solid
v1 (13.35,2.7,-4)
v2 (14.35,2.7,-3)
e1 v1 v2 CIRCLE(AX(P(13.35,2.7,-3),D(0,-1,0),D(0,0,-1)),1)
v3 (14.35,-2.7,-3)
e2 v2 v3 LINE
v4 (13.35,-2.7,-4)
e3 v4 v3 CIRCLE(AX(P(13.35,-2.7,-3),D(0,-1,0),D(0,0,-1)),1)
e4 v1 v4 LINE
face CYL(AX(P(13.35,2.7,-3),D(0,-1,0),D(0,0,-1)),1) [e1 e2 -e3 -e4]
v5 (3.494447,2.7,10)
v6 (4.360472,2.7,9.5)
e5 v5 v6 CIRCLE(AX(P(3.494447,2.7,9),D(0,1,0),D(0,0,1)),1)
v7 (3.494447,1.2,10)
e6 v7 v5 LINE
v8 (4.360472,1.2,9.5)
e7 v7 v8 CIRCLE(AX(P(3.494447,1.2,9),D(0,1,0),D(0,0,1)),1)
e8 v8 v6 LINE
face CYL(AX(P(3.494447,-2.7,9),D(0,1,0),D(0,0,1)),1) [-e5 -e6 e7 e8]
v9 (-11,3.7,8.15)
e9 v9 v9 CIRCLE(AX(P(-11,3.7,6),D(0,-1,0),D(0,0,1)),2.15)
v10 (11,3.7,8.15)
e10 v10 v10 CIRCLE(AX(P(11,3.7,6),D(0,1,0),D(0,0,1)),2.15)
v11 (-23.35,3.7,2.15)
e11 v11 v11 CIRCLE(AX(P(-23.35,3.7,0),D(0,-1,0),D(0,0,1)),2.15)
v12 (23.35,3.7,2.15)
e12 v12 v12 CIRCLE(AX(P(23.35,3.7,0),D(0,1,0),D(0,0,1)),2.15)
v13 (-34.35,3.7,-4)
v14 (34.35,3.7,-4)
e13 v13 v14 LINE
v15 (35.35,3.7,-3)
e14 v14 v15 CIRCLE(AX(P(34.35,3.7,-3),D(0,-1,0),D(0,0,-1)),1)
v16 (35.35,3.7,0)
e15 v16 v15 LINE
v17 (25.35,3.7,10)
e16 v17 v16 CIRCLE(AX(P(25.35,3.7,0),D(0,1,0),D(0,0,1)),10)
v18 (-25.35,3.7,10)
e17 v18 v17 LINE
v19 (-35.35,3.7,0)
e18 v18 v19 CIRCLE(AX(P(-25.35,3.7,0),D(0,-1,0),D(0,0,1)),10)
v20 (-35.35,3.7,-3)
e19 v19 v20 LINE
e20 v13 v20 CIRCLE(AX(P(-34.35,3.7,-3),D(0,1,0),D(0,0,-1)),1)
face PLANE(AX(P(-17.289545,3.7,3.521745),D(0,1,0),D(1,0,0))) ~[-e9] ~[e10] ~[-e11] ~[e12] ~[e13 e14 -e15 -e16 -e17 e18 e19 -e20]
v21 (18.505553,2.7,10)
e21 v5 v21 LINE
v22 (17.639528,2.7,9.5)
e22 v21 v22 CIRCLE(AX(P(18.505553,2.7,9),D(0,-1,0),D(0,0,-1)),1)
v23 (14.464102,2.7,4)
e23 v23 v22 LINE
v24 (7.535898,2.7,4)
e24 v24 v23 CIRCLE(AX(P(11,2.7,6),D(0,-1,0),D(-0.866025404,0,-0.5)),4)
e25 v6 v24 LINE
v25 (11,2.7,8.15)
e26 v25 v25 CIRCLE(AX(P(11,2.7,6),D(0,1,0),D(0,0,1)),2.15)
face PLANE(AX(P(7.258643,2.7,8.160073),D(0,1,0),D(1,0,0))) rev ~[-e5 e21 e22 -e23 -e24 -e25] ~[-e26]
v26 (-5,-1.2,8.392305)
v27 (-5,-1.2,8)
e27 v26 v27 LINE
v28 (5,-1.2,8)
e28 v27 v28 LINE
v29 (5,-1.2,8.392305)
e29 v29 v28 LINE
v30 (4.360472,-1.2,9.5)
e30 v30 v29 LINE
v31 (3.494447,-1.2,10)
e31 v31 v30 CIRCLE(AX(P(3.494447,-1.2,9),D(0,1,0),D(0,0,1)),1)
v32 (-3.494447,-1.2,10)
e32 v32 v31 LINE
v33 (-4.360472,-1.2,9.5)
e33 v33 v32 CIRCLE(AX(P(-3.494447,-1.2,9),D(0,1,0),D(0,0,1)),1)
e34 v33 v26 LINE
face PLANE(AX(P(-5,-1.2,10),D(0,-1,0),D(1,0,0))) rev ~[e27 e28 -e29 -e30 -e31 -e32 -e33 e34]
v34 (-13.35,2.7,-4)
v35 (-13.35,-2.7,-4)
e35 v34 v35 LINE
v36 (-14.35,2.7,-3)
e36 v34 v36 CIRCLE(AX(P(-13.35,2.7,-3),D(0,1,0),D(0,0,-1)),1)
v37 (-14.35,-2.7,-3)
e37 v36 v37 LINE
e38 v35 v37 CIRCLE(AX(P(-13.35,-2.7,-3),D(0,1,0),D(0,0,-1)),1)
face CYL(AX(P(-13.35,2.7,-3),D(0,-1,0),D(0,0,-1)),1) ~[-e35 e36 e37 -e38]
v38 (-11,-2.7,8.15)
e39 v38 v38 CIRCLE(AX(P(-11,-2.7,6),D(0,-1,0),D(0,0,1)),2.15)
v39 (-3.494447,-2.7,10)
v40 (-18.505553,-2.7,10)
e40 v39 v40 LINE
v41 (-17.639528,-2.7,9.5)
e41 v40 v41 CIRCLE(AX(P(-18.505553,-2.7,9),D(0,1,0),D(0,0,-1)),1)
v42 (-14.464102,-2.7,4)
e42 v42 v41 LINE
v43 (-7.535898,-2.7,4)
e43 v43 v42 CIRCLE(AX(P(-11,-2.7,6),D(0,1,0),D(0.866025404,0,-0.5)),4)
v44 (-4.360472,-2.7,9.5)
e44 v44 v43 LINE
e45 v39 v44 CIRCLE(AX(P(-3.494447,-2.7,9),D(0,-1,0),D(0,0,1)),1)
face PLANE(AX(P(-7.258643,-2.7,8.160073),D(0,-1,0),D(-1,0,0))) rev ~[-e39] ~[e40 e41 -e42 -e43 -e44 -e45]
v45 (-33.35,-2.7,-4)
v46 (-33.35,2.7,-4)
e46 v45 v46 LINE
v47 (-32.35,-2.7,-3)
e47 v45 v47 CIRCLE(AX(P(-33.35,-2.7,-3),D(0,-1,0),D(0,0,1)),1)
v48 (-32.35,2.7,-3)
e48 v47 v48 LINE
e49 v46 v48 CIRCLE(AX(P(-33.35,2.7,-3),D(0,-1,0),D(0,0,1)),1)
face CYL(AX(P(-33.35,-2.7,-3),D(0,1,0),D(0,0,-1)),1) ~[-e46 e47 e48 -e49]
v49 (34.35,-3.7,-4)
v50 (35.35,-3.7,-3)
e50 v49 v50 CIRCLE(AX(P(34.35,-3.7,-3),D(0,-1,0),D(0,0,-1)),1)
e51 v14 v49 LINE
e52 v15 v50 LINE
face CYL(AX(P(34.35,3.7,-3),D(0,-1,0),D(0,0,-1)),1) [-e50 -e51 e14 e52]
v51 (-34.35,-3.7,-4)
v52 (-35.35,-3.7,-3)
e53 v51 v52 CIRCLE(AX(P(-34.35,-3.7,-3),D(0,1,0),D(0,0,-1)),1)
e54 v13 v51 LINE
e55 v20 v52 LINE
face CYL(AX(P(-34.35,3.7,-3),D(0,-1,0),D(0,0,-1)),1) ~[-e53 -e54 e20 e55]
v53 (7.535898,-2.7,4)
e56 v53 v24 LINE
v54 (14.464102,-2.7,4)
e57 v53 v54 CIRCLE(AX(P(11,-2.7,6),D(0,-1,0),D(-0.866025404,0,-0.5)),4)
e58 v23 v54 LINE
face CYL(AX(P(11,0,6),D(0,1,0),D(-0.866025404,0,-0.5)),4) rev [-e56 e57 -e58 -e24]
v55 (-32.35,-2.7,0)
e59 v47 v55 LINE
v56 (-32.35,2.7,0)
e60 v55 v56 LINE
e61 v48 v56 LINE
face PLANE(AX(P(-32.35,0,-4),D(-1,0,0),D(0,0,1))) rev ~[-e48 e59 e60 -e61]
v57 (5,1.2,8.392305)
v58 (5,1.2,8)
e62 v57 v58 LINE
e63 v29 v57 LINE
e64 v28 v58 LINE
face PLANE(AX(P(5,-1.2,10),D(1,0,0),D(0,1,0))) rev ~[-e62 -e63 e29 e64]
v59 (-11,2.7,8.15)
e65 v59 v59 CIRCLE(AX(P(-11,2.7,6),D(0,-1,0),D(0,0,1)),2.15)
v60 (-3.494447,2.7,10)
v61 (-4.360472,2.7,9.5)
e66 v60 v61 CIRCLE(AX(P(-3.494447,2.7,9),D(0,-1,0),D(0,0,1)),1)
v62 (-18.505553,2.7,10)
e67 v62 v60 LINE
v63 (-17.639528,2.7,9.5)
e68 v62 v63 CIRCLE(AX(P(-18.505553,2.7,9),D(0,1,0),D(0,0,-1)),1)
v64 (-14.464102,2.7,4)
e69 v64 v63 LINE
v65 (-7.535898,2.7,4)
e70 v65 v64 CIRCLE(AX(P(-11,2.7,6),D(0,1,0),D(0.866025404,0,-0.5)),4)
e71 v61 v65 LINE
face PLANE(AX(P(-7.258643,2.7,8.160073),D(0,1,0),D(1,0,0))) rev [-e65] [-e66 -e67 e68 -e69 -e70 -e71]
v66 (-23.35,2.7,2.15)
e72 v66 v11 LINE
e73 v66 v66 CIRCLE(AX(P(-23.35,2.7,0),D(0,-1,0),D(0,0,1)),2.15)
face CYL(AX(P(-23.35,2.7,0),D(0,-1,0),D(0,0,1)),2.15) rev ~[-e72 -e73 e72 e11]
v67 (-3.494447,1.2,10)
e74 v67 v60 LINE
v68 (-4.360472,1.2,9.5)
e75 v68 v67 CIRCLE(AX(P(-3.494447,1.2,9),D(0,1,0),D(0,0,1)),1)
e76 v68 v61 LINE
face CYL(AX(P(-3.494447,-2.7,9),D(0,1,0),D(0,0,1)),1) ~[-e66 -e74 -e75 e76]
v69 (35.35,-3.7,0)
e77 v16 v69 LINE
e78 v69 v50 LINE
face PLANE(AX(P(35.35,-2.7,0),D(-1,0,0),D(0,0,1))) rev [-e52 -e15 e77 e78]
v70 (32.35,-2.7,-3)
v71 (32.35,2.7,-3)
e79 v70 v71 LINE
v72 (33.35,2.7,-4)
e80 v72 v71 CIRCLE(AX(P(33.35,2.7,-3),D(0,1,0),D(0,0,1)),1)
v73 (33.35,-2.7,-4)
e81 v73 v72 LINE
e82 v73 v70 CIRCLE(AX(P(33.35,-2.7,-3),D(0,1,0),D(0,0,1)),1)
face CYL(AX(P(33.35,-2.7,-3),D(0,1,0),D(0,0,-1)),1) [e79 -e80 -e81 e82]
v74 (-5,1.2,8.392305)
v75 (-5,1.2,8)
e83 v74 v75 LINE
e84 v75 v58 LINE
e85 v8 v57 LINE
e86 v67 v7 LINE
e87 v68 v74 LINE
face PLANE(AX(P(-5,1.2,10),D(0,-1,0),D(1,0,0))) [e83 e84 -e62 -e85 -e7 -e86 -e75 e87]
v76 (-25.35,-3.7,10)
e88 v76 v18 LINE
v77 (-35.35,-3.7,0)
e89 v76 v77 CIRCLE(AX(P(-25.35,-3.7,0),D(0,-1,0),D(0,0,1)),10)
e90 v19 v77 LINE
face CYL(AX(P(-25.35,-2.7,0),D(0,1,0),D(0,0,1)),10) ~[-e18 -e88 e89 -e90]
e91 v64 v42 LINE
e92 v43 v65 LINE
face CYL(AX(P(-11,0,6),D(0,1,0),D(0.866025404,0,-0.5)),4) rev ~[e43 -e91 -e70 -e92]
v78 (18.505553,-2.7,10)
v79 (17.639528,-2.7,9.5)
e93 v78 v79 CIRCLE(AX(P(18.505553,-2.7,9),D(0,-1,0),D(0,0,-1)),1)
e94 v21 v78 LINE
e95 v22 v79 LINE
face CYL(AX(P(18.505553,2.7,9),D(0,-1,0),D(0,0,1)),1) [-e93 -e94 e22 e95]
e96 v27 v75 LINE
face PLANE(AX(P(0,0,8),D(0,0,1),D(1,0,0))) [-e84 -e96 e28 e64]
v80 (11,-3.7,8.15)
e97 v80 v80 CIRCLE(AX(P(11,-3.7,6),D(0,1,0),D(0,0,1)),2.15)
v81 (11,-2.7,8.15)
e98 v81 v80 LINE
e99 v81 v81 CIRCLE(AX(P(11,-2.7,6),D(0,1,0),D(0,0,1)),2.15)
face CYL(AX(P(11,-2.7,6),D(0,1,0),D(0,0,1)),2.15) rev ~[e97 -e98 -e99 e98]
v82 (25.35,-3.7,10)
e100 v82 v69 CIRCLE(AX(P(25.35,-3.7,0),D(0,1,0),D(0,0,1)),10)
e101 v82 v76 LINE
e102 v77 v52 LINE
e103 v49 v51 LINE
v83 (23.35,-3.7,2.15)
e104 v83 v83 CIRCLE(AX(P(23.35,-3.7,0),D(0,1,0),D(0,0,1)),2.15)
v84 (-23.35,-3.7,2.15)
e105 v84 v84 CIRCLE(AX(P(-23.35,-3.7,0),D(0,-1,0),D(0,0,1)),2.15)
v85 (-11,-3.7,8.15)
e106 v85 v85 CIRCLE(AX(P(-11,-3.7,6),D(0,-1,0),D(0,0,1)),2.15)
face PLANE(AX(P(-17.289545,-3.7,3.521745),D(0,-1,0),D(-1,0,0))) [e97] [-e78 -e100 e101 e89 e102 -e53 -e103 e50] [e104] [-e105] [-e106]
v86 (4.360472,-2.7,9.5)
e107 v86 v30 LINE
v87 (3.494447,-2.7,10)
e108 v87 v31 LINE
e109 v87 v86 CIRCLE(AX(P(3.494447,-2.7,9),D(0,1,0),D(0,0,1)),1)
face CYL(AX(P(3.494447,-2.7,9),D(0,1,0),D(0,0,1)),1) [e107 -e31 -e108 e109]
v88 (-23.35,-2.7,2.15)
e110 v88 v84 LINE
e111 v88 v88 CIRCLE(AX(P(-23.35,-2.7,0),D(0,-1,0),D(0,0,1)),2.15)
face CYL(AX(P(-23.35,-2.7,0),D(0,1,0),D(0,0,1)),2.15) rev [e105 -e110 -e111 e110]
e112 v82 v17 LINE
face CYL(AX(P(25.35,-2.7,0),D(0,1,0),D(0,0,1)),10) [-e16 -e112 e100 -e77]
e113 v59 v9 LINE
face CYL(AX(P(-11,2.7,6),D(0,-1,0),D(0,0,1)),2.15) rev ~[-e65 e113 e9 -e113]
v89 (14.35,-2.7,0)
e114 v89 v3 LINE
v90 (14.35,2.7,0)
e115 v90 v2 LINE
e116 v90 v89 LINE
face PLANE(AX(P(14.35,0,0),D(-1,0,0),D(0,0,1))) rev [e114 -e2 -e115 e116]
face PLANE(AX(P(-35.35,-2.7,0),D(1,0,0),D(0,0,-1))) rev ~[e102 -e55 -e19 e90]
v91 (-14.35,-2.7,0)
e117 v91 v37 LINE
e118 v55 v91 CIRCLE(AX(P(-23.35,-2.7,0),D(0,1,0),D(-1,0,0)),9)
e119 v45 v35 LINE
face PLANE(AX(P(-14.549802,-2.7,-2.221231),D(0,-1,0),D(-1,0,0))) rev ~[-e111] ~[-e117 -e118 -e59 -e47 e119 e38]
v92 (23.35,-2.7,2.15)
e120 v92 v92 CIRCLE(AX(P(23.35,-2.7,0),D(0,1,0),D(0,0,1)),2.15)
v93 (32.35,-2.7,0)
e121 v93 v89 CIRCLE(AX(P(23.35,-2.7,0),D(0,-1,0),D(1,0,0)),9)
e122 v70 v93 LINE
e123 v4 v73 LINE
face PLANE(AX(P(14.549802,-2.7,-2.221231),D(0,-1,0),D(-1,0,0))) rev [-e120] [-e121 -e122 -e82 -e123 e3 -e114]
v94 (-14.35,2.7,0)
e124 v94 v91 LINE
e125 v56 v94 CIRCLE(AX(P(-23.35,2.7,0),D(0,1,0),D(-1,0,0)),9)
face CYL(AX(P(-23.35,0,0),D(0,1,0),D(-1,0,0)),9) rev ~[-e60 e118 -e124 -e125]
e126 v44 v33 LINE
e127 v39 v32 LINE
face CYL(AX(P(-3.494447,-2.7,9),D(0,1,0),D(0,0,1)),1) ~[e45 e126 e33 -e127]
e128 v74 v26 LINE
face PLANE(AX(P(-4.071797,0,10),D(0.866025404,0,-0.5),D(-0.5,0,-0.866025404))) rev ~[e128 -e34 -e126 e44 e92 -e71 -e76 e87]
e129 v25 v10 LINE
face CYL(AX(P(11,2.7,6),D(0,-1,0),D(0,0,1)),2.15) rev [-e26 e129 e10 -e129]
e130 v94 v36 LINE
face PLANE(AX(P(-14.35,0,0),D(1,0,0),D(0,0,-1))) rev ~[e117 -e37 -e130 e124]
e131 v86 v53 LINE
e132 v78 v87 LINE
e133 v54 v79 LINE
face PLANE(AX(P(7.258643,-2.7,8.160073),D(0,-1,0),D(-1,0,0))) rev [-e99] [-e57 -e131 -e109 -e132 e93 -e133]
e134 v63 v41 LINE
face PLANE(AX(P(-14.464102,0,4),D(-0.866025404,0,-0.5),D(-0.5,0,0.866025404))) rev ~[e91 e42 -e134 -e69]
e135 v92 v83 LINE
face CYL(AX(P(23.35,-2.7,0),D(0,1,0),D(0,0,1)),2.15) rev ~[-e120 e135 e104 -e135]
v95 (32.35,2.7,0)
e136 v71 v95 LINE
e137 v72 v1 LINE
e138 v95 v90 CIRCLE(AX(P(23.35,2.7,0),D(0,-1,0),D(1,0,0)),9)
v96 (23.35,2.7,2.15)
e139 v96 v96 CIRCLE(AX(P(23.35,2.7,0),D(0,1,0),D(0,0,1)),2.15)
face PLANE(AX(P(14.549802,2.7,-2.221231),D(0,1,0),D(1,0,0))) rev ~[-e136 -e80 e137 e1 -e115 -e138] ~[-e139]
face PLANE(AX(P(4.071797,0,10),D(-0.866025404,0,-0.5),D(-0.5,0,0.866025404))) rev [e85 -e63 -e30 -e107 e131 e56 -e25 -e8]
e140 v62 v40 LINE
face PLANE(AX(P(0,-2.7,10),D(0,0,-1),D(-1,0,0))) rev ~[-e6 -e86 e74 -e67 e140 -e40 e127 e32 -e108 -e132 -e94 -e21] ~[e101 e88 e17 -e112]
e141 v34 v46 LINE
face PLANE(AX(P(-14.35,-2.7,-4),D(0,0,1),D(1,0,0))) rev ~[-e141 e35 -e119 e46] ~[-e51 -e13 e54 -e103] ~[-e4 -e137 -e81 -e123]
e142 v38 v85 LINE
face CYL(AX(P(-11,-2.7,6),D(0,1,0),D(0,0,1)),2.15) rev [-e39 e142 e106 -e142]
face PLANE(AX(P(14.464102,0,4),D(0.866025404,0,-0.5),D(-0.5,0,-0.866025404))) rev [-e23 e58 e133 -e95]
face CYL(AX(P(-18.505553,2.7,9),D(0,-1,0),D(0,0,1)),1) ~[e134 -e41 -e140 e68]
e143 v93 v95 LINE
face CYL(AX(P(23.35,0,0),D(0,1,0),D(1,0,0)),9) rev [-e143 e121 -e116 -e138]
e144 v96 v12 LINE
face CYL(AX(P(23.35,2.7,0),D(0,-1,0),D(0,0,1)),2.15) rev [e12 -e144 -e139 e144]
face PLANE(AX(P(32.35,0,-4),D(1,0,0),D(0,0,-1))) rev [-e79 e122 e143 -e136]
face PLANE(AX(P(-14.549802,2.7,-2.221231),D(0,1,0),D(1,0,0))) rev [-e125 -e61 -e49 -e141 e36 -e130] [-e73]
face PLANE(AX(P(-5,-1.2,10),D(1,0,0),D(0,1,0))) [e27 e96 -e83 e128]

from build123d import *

# Parameters (mm, degrees)
BOSS_EXTRUDE6_DEPTH = 2.7
BOSS_EXTRUDE7_START = 2.7
SKETCH2_4_R         = 4
SKETCH2_4_R_2       = 2.15
BOSS_EXTRUDE7_DEPTH = 1
FILLET1_R           = 1
CUT_EXTRUDE1_START  = 10
SKETCH3_W           = 10
SKETCH3_H           = 2.4
CUT_EXTRUDE1_DEPTH  = 2


with BuildPart() as part:
    # Sketch2 → Boss-Extrude6 (new body)
    with BuildSketch(Plane(origin=(0, 0, 0), x_dir=(1, 0, 0), z_dir=(0, 1, 0))):
        with BuildLine():
            Line((14.35, 4), (0, 4))
            Line((0, 4), (0, -10))
            Line((0, -10), (4.07179677, -10))
            Line((4.07179677, -10), (7.535898385, -4))
            ThreePointArc((7.535898385, -4), (11, -2), (14.464101615, -4))
            Line((14.464101615, -4), (17.92820323, -10))
            Line((17.92820323, -10), (25.35, -10))
            ThreePointArc((25.35, -10), (32.421067812, -7.071067812), (35.35, 0))
            Line((35.35, 0), (35.35, 4))
            Line((35.35, 4), (32.35, 4))
            Line((32.35, 4), (32.35, 0))
            ThreePointArc((32.35, 0), (23.35, -9), (14.35, 0))
            Line((14.35, 0), (14.35, 4))
        make_face()
    extrude(amount=BOSS_EXTRUDE6_DEPTH)

    # Sketch2<4> → Boss-Extrude7 (add)
    # profile 1 of 7: a face of its own
    with BuildSketch(Plane(origin=(0, 0, 0), x_dir=(1, 0, 0), z_dir=(0, 1, 0)).offset(BOSS_EXTRUDE7_START)):
        with BuildLine():
            Line((14.35, 4), (0, 4))
            Line((0, 4), (0, -10))
            Line((0, -10), (4.07179677, -10))
            Line((4.07179677, -10), (7.535898385, -4))
            ThreePointArc((7.535898385, -4), (11, -2), (14.464101615, -4))
            Line((14.464101615, -4), (17.92820323, -10))
            Line((17.92820323, -10), (25.35, -10))
            ThreePointArc((25.35, -10), (32.421067812, -7.071067812), (35.35, 0))
            Line((35.35, 0), (35.35, 4))
            Line((35.35, 4), (32.35, 4))
            Line((32.35, 4), (32.35, 0))
            ThreePointArc((32.35, 0), (23.35, -9), (14.35, 0))
            Line((14.35, 0), (14.35, 4))
        make_face()
    # profile 2 of 7: a face of its own
    with BuildSketch(Plane(origin=(0, 0, 0), x_dir=(1, 0, 0), z_dir=(0, 1, 0)).offset(BOSS_EXTRUDE7_START)):
        with BuildLine():
            Line((7.535898385, -4), (4.07179677, -10))
            Line((4.07179677, -10), (11, -10))
            ThreePointArc((11, -10), (7.535898385, -8), (7.535898385, -4))
        make_face()
    # profile 3 of 7: a face of its own
    with BuildSketch(Plane(origin=(0, 0, 0), x_dir=(1, 0, 0), z_dir=(0, 1, 0)).offset(BOSS_EXTRUDE7_START)):
        with Locations((11, -6)):
            Circle(SKETCH2_4_R)
        with Locations(Location((11, -6, 0), (0, 0, 270))):
            Circle(SKETCH2_4_R_2, mode=Mode.SUBTRACT)
    # profile 4 of 7: a face of its own
    with BuildSketch(Plane(origin=(0, 0, 0), x_dir=(1, 0, 0), z_dir=(0, 1, 0)).offset(BOSS_EXTRUDE7_START)):
        with BuildLine():
            ThreePointArc((15, -6), (13.828427125, -8.828427125), (11, -10))
            Line((11, -10), (17.92820323, -10))
            Line((17.92820323, -10), (14.464101615, -4))
            ThreePointArc((14.464101615, -4), (14.863703305, -4.96472382), (15, -6))
        make_face()
    # profile 5 of 7: a face of its own
    with BuildSketch(Plane(origin=(0, 0, 0), x_dir=(1, 0, 0), z_dir=(0, 1, 0)).offset(BOSS_EXTRUDE7_START)):
        with BuildLine():
            Line((31.412257748, 4), (15.287742252, 4))
            ThreePointArc((15.287742252, 4), (14.587571121, 2.054224947), (14.35, 0))
            ThreePointArc((14.35, 0), (23.35, -9), (32.35, 0))
            ThreePointArc((32.35, 0), (32.112428879, 2.054224947), (31.412257748, 4))
        make_face()
        with Locations(Location((23.35, 0, 0), (0, 0, 270))):
            Circle(SKETCH2_4_R_2, mode=Mode.SUBTRACT)
    # profile 6 of 7: a face of its own
    with BuildSketch(Plane(origin=(0, 0, 0), x_dir=(1, 0, 0), z_dir=(0, 1, 0)).offset(BOSS_EXTRUDE7_START)):
        with BuildLine():
            Line((15.287742252, 4), (14.35, 4))
            Line((14.35, 4), (14.35, 0))
            ThreePointArc((14.35, 0), (14.587571121, 2.054224947), (15.287742252, 4))
        make_face()
    # profile 7 of 7: a face of its own
    with BuildSketch(Plane(origin=(0, 0, 0), x_dir=(1, 0, 0), z_dir=(0, 1, 0)).offset(BOSS_EXTRUDE7_START)):
        with BuildLine():
            Line((32.35, 4), (31.412257748, 4))
            ThreePointArc((31.412257748, 4), (32.112428879, 2.054224947), (32.35, 0))
            Line((32.35, 0), (32.35, 4))
        make_face()
    extrude(amount=BOSS_EXTRUDE7_DEPTH)

    # Mirror1: part across plane


with BuildPart() as part_1:
    add(part.part)
    add(part.part.mirror(Plane.ZX))

    # Mirror2: part across plane


with BuildPart() as part_2:
    add(part_1.part)
    add(part_1.part.mirror(Plane(origin=(0, 0, 0), x_dir=(0, 0, 1), z_dir=(1, 0, 0))))

    # Fillet1
    fillet1_edges = [part_2.edges().sort_by_distance(p)[0] for p in [
        (-35.35, 0, -4),
        (-14.35, 0, -4),
        (-32.35, 0, -4),
        (-17.92820323, 0, 10),
        (-4.07179677, 0, 10),
        (17.92820323, 0, 10),
        (4.07179677, 0, 10),
        (14.35, 0, -4),
        (32.35, 0, -4),
        (35.35, 0, -4),
    ]]
    fillet(fillet1_edges, radius=FILLET1_R)

    # Sketch3 → Cut-Extrude1 (cut)
    with BuildSketch(Plane.XY.offset(CUT_EXTRUDE1_START)):
        Rectangle(SKETCH3_W, SKETCH3_H)
    extrude(amount=-CUT_EXTRUDE1_DEPTH, mode=Mode.SUBTRACT)


solid = part_2.part
